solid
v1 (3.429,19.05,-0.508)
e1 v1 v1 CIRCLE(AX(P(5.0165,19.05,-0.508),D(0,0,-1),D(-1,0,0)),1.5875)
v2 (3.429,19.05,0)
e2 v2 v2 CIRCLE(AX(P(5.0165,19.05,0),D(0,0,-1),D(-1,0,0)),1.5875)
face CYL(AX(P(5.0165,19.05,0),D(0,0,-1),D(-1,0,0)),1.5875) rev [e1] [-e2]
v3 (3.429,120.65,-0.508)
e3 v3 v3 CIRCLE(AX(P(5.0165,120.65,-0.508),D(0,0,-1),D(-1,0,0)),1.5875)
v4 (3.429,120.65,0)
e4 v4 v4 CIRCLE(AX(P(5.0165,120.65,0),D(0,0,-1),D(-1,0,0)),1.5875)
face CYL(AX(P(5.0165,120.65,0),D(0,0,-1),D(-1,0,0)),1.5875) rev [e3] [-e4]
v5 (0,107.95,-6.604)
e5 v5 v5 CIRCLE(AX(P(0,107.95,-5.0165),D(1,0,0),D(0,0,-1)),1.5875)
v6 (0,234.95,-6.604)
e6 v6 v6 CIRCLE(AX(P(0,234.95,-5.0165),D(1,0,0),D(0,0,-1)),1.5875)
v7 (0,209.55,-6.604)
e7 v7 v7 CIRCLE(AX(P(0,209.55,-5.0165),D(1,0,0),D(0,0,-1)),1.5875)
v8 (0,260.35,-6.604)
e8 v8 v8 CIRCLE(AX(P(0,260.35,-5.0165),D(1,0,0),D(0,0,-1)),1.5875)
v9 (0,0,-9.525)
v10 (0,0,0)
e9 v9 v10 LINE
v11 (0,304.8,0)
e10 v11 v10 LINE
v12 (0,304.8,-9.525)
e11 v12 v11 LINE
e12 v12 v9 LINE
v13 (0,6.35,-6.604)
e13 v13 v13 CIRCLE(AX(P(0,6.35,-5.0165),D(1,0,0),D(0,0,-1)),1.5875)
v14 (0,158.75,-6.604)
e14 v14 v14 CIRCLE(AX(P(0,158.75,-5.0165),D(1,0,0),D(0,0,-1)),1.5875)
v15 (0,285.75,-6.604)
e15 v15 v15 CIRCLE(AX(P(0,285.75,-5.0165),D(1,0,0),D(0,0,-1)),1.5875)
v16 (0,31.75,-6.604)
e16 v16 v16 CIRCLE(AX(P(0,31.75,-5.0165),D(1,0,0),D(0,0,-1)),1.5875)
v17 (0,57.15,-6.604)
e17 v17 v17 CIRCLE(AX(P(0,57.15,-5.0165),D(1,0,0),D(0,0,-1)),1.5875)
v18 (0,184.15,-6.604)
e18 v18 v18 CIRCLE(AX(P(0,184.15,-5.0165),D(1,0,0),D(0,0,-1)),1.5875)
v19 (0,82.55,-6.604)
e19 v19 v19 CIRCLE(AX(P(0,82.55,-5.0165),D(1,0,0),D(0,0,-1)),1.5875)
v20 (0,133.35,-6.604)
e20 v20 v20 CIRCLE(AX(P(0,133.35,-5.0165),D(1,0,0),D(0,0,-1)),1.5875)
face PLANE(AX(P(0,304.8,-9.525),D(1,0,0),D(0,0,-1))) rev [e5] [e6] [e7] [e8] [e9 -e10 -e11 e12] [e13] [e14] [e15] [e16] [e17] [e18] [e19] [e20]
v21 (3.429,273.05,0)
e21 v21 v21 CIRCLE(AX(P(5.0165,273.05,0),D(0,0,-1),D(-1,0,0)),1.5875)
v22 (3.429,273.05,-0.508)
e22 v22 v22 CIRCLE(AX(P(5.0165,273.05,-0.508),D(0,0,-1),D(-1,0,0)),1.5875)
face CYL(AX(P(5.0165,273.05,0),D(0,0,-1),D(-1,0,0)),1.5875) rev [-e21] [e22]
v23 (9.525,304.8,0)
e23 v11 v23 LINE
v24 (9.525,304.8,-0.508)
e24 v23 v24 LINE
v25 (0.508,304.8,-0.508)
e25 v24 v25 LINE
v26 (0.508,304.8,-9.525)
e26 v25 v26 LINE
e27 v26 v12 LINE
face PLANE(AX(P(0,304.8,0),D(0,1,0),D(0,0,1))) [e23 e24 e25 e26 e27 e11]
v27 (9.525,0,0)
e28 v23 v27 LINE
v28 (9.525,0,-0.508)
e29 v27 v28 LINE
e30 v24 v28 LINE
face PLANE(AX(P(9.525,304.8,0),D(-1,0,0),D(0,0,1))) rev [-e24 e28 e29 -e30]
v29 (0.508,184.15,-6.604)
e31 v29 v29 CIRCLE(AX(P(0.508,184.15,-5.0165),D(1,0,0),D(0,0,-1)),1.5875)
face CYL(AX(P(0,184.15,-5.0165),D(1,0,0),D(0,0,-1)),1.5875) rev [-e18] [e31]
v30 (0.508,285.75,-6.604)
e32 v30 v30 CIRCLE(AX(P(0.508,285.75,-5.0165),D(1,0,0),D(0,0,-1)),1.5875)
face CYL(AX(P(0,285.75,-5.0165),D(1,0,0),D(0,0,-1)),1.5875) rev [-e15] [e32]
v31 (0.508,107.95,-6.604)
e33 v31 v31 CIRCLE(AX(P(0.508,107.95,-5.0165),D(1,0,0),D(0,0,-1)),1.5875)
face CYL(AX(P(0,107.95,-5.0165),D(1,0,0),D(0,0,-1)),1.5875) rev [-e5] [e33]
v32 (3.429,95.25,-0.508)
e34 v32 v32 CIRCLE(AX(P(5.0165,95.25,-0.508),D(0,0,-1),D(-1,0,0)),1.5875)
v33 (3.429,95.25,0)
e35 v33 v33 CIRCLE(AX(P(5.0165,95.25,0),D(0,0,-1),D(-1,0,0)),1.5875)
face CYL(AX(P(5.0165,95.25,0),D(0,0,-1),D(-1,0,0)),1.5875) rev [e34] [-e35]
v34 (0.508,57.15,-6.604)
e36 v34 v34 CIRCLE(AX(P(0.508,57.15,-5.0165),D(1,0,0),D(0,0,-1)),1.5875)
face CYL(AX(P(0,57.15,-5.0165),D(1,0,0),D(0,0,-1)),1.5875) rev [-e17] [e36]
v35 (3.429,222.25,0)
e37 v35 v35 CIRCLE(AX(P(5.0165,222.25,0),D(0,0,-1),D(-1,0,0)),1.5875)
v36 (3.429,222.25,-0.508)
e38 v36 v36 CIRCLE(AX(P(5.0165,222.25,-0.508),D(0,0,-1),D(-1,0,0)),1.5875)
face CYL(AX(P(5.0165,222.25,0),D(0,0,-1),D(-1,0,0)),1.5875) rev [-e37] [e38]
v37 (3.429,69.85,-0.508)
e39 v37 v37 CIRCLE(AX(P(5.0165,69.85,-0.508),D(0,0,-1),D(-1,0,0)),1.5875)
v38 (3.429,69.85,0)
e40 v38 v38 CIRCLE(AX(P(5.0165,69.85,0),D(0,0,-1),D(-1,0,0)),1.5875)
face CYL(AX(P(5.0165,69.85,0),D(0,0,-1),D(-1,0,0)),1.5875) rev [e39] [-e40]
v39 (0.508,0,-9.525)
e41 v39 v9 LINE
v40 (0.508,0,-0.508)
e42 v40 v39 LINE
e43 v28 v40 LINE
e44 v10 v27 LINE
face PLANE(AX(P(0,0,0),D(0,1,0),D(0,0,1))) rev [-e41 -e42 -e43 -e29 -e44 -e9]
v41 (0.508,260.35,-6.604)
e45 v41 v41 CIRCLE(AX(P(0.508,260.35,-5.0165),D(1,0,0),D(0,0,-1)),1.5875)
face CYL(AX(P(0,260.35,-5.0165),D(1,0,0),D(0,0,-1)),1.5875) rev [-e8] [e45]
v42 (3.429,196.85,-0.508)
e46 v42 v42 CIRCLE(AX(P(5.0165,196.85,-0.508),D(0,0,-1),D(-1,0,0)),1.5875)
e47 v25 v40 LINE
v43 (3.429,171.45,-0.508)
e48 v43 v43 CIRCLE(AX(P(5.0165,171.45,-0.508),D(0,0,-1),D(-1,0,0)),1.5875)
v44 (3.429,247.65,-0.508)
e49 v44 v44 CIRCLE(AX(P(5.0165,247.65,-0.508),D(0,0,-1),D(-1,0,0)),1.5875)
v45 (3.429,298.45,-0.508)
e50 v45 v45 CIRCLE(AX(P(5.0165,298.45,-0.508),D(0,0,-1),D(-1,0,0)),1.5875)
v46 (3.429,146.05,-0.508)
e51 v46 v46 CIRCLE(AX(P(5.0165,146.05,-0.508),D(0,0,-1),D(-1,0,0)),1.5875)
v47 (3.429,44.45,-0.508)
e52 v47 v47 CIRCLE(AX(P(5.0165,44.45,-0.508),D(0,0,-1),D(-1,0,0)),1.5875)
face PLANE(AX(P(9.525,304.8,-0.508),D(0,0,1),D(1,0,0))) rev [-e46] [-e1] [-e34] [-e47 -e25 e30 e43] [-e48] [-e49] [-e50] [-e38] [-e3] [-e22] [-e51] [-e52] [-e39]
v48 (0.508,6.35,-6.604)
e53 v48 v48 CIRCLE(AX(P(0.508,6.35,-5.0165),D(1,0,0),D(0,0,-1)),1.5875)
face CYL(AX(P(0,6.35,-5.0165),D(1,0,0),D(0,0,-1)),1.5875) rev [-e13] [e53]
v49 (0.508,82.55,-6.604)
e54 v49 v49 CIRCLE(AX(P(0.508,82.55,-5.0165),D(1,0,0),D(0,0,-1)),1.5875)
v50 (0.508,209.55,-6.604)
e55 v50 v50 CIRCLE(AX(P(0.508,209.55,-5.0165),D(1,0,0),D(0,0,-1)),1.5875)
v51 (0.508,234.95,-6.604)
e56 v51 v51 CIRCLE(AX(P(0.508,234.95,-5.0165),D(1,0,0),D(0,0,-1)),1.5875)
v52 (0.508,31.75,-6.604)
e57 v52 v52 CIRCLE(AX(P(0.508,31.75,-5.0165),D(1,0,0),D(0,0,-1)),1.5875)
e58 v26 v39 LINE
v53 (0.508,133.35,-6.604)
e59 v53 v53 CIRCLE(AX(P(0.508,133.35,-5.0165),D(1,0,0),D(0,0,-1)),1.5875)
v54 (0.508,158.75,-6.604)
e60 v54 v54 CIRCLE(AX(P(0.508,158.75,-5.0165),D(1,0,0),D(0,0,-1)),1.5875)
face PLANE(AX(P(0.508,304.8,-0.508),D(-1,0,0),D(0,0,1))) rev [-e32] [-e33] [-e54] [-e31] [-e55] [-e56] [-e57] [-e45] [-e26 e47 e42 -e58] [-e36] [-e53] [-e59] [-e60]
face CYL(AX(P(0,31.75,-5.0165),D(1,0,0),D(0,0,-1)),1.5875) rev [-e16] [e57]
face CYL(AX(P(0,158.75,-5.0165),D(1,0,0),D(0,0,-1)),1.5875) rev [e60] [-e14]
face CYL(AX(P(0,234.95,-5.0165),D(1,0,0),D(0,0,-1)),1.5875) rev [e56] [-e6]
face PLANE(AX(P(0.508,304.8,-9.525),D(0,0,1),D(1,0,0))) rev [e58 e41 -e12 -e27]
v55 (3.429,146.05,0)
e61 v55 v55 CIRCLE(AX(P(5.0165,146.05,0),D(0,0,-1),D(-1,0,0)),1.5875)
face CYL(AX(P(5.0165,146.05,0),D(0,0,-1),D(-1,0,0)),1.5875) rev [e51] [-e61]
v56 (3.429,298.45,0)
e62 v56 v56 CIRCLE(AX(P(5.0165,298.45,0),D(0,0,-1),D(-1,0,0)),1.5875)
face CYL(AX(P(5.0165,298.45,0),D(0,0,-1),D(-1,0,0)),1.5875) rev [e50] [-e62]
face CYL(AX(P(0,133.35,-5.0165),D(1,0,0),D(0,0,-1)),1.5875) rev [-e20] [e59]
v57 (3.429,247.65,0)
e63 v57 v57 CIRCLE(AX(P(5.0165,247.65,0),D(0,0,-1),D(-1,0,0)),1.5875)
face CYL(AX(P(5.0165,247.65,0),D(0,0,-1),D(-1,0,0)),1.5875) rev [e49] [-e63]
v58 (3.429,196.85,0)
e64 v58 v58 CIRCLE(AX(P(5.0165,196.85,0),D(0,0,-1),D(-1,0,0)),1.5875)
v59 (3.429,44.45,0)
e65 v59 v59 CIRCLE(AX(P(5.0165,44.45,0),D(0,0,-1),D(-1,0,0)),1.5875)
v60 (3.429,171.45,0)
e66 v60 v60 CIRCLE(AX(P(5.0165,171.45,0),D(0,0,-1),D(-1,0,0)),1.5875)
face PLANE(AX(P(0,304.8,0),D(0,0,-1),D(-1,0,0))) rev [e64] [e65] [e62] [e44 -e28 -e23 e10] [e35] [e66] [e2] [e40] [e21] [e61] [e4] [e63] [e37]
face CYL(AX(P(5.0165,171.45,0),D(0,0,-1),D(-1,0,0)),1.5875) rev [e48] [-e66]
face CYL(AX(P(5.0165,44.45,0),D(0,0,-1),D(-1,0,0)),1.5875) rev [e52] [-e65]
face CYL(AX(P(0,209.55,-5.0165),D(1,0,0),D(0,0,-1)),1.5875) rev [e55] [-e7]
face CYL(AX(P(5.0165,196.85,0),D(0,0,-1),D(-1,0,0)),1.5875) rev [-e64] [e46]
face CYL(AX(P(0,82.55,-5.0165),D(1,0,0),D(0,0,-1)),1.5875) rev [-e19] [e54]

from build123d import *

# Parameters (mm, degrees)
BOSS_EXTRUDE1_DEPTH = 304.8
SKETCH3_R           = 1.5875
CUT_EXTRUDE1_DEPTH  = 306.082074062
LPATTERN1_COUNT     = 12
LPATTERN1_PITCH     = 25.4
SKETCH4_R           = 1.5875
CUT_EXTRUDE2_DEPTH  = 306.082074062
LPATTERN2_COUNT     = 12
LPATTERN2_PITCH     = 25.4


with BuildPart() as part:
    # Sketch2 → Boss-Extrude1 (new body)
    with BuildSketch(Plane(origin=(0, 0, 0), x_dir=(1, 0, 0), z_dir=(0, 1, 0))):
        Polygon((0, 0), (9.525, 0), (9.525, 0.508), (0.508, 0.508), (0.508, 9.525), (0, 9.525), align=None)
    extrude(amount=BOSS_EXTRUDE1_DEPTH)

    # Sketch3 → Cut-Extrude1 (cut, through all)
    with BuildSketch(Plane(origin=(0, 0, -0.508), x_dir=(-1, 0, 0), z_dir=(0, 0, -1))):
        with Locations((-5.0165, 298.45)):
            Circle(SKETCH3_R)
    cut_extrude1 = extrude(amount=-CUT_EXTRUDE1_DEPTH, mode=Mode.SUBTRACT)

    # LPattern1: Cut-Extrude1 ×12
    with Locations(*[(0, -i * LPATTERN1_PITCH, 0) for i in range(1, LPATTERN1_COUNT)]):
        add(cut_extrude1, mode=Mode.SUBTRACT)

    # Sketch4 → Cut-Extrude2 (cut, through all)
    with BuildSketch(Plane(origin=(0.508, 0, 0), x_dir=(0, 0, -1), z_dir=(1, 0, 0))):
        with Locations((5.0165, 285.75)):
            Circle(SKETCH4_R)
    cut_extrude2 = extrude(amount=-CUT_EXTRUDE2_DEPTH, mode=Mode.SUBTRACT)

    # LPattern2: Cut-Extrude2 ×12
    with Locations(*[(0, -i * LPATTERN2_PITCH, 0) for i in range(1, LPATTERN2_COUNT)]):
        add(cut_extrude2, mode=Mode.SUBTRACT)


solid = part.part
